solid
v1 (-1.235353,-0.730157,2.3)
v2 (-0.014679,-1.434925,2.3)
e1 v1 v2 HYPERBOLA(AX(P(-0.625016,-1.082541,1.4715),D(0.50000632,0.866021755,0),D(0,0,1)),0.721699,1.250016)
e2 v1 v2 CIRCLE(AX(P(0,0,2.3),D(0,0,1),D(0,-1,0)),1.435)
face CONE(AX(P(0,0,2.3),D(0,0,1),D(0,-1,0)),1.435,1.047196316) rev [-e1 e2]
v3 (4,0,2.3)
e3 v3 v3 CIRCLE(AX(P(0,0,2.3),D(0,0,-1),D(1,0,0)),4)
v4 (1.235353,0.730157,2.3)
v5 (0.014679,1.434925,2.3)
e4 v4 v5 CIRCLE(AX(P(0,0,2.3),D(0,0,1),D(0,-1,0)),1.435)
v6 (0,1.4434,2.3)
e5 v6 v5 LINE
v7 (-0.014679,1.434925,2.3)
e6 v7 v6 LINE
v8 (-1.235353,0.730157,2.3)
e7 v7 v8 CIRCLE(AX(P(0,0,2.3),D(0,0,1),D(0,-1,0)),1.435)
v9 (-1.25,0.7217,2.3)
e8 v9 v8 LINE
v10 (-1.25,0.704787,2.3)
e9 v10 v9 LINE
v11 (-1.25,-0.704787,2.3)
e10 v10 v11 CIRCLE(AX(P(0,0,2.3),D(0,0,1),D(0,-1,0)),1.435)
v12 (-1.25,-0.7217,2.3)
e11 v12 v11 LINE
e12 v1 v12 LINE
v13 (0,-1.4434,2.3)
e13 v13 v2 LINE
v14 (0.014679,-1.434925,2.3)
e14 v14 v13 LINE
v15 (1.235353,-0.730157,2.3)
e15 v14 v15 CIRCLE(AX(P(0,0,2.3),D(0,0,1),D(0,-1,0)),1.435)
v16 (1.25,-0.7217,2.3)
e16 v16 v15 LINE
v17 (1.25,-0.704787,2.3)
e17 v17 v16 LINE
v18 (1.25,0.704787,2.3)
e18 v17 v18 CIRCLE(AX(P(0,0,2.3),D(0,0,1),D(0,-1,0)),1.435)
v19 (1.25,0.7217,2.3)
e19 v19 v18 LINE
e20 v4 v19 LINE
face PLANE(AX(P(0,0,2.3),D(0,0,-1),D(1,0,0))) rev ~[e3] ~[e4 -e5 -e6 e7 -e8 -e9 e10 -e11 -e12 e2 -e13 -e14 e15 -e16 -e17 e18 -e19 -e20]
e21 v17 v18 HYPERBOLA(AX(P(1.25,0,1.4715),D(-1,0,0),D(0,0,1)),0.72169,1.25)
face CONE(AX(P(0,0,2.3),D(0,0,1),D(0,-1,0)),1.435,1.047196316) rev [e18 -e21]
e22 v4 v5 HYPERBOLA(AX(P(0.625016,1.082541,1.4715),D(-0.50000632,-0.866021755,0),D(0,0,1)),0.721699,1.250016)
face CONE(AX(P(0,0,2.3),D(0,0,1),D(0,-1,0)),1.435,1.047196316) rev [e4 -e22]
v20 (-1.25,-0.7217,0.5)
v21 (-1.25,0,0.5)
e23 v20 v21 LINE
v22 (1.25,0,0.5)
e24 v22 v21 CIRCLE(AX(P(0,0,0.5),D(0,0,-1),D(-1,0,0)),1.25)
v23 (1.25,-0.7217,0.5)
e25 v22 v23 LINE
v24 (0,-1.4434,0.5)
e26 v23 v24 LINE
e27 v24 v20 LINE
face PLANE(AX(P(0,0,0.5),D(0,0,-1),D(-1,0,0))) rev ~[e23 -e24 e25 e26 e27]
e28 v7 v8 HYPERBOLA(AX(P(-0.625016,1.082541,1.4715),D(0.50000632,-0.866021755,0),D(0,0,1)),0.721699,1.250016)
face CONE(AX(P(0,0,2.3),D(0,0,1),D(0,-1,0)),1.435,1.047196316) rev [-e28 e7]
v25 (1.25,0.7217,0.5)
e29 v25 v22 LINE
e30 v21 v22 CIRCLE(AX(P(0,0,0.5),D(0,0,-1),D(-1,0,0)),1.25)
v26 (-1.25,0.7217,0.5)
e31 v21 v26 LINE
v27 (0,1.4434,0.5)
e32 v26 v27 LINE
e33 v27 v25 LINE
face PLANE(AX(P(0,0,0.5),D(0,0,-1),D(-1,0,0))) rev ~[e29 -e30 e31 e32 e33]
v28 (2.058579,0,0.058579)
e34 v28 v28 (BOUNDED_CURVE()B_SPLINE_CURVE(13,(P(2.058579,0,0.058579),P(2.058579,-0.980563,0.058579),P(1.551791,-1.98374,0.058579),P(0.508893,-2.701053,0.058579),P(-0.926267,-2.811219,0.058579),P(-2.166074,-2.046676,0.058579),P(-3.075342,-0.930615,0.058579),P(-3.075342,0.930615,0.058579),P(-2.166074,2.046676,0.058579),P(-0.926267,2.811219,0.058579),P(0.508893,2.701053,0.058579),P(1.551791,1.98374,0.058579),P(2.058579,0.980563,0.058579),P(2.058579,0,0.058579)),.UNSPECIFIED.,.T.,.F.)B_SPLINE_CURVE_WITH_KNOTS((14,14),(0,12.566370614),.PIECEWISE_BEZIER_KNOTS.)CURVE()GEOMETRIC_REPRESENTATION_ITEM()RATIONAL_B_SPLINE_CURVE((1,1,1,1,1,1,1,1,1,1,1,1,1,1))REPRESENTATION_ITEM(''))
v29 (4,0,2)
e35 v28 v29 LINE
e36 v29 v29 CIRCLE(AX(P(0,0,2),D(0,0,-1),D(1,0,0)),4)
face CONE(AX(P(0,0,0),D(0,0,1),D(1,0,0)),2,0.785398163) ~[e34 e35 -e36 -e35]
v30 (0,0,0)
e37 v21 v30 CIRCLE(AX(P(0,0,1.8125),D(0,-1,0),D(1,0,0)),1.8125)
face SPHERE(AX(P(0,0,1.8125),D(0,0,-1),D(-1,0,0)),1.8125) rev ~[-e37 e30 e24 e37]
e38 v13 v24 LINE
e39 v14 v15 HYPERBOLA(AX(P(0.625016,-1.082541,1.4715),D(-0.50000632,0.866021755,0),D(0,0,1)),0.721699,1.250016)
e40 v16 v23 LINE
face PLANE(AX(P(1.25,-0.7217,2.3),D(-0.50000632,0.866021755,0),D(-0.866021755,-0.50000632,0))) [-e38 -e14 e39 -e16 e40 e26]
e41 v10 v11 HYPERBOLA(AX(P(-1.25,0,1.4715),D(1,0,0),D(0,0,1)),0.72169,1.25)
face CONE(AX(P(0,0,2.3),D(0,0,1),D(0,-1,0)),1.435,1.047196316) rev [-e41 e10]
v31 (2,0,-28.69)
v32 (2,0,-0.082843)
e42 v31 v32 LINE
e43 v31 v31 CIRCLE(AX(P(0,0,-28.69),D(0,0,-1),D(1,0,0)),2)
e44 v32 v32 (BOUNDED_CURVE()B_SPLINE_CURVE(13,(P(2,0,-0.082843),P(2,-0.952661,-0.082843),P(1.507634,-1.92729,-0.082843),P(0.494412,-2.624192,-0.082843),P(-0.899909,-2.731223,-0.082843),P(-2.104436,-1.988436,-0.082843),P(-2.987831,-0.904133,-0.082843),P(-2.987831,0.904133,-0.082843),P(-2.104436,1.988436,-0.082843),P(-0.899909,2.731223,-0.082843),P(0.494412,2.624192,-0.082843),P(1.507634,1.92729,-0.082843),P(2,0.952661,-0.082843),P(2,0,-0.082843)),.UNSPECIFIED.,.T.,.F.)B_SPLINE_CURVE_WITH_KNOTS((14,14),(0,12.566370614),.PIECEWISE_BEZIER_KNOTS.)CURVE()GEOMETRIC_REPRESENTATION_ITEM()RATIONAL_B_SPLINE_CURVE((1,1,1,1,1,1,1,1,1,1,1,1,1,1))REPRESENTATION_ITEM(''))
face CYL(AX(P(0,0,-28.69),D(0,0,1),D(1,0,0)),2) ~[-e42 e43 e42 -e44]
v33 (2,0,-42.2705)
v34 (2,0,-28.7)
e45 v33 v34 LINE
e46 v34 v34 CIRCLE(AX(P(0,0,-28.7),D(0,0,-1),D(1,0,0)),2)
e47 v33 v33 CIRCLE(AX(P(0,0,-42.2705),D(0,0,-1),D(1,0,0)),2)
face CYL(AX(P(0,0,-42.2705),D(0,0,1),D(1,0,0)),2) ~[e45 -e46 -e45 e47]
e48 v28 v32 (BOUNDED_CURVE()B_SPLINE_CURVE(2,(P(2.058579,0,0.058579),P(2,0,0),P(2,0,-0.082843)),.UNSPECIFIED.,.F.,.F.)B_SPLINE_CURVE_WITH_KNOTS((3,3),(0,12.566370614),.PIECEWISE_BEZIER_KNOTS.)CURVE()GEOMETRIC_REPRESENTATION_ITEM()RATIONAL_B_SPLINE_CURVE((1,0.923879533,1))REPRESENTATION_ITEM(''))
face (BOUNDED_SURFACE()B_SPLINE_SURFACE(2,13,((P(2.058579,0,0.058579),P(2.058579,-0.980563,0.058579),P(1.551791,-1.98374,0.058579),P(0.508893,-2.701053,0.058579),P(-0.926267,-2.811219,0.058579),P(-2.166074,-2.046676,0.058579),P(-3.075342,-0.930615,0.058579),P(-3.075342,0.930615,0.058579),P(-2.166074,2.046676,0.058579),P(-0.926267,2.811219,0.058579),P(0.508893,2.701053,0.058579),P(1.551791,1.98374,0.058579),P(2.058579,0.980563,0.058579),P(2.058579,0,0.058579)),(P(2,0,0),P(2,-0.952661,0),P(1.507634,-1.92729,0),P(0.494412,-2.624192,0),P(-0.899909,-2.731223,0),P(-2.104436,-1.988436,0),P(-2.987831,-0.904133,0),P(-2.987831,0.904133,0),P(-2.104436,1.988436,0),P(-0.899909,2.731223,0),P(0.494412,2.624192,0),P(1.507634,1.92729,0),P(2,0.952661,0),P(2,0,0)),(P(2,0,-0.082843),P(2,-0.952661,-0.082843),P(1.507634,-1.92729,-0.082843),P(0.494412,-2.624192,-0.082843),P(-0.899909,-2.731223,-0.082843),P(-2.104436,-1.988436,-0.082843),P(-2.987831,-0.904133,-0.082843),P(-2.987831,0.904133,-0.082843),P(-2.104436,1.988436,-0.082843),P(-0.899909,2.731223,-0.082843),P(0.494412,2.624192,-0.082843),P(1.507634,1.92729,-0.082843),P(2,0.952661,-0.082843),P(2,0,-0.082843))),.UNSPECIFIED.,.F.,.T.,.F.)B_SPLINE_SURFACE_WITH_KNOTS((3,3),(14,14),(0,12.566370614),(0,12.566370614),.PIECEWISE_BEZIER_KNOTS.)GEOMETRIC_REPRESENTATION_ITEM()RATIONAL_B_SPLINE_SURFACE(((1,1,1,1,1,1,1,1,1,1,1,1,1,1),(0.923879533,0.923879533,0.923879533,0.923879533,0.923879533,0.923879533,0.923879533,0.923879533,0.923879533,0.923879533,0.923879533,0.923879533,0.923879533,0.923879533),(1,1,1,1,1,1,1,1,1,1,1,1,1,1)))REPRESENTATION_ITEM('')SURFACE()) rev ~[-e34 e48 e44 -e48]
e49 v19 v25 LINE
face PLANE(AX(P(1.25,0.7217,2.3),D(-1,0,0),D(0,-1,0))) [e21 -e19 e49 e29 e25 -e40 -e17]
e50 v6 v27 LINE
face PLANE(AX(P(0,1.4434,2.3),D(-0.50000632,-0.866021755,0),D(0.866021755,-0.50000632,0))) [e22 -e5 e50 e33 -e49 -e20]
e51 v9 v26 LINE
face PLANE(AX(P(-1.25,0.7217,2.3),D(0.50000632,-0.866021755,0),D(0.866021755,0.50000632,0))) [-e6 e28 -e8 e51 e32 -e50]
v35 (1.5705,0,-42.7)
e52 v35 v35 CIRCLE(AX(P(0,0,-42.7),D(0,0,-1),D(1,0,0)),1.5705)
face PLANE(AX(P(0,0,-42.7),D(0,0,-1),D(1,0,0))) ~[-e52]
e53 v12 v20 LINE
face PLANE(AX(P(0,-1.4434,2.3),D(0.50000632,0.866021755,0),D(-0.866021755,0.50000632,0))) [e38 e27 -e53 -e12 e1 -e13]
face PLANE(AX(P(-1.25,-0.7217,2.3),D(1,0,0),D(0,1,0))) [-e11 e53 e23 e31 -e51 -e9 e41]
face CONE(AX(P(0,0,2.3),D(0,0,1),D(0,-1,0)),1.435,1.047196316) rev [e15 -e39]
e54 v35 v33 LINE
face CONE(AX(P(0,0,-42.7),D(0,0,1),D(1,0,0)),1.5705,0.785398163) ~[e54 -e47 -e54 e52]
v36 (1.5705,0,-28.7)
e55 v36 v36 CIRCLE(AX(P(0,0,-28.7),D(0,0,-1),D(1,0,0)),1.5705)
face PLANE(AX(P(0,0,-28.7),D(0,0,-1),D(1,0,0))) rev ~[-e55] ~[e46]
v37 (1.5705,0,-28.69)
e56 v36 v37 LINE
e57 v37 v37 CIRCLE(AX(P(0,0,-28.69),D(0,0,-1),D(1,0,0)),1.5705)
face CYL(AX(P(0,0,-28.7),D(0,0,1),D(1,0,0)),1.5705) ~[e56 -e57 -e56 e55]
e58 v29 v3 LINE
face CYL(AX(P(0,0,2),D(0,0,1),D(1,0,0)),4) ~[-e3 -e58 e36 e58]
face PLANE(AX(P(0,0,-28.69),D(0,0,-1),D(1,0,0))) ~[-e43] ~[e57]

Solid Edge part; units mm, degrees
sketch "Sketch1" plane through (0, 0, 0) normal (0, -1, 0) x (1, 0, 0)
  line L0 (2, 0) -> (4, 2)
  line L1 (4, 2) -> (4, 2.3)
  line L2 (4, 2.3) -> (0, 2.3)
  line L3 (0, 2.3) -> (0, -42.7)
  line L4 (0, -42.7) -> (1.5705, -42.7)
  line L5 (1.5705, -42.7) -> (2, -42.2705)
  line L6 (2, -42.2705) -> (2, -28.7)
  line L7 (2, -28.7) -> (1.5705, -28.7)
  line L8 (1.5705, -28.7) -> (1.5705, -28.69)
  line L9 (1.5705, -28.69) -> (2, -28.69)
  line L10 (2, -28.69) -> (2, 0)
  dimension "D1" = 45
  dimension "D2" = 4
  dimension "D3" = 2.3
  dimension "D4" = 0.01
  dimension "D5" = 1.5705
  dimension "D6" = 31
  dimension "D7" = 0.3
revolve "RevolvedProtrusion1" add sketch "Sketch1" angle 360 about axis through (0, 0, 54) along (0, 0, -1)
sketch "Sketch2" plane through (0, 0, 0) normal (0, -1, 0) x (1, 0, 0)
  arc A0 (-1.25, 0.5) -> (0, 0) centre (0, 1.8125) ccw
  line L0 (0, 0.5) -> (0, 0)
  line L1 (-1.25, 0.5) -> (0, 0.5)
  dimension "D1" = 43.2
revolve "RevolvedCutout1" cut sketch "Sketch2" angle 360 about axis through (0, 0, 54) along (0, 0, -1)
sketch "Sketch3" plane through (0, 0, 2.3) normal (0, 0, 1) x (0, -1, 0)
  line L0 (-1.4434, 0) -> (-0.7217, 1.25)
  line L1 (-0.7217, 1.25) -> (0.7217, 1.25)
  line L2 (0.7217, 1.25) -> (1.4434, 0)
  line L3 (1.4434, 0) -> (0.7217, -1.25)
  line L4 (0.7217, -1.25) -> (-0.7217, -1.25)
  line L5 (-0.7217, -1.25) -> (-1.4434, 0)
  dimension "D1" = 2.5
extrude "Cutout1" cut sketch "Sketch3" against normal blind 1.8
cosmetic_thread "Thread1" size "M4"
sketch "Sketch4" plane through (0, 0, 0) normal (1, 0, 0) x (0, 1, 0)
  line L0 (-1.435, 2.3) -> (0, 1.4715)
revolve "RevolvedCutout2" cut sketch "Sketch4" angle 360 about axis through (0, 0, -57) along (0, 0, 1) material side at (0, -0.6925, 1.9291)
fillet "Round1" radius 0.2 1 edges at (-2, 0, 0)
properties material "Stahl"
